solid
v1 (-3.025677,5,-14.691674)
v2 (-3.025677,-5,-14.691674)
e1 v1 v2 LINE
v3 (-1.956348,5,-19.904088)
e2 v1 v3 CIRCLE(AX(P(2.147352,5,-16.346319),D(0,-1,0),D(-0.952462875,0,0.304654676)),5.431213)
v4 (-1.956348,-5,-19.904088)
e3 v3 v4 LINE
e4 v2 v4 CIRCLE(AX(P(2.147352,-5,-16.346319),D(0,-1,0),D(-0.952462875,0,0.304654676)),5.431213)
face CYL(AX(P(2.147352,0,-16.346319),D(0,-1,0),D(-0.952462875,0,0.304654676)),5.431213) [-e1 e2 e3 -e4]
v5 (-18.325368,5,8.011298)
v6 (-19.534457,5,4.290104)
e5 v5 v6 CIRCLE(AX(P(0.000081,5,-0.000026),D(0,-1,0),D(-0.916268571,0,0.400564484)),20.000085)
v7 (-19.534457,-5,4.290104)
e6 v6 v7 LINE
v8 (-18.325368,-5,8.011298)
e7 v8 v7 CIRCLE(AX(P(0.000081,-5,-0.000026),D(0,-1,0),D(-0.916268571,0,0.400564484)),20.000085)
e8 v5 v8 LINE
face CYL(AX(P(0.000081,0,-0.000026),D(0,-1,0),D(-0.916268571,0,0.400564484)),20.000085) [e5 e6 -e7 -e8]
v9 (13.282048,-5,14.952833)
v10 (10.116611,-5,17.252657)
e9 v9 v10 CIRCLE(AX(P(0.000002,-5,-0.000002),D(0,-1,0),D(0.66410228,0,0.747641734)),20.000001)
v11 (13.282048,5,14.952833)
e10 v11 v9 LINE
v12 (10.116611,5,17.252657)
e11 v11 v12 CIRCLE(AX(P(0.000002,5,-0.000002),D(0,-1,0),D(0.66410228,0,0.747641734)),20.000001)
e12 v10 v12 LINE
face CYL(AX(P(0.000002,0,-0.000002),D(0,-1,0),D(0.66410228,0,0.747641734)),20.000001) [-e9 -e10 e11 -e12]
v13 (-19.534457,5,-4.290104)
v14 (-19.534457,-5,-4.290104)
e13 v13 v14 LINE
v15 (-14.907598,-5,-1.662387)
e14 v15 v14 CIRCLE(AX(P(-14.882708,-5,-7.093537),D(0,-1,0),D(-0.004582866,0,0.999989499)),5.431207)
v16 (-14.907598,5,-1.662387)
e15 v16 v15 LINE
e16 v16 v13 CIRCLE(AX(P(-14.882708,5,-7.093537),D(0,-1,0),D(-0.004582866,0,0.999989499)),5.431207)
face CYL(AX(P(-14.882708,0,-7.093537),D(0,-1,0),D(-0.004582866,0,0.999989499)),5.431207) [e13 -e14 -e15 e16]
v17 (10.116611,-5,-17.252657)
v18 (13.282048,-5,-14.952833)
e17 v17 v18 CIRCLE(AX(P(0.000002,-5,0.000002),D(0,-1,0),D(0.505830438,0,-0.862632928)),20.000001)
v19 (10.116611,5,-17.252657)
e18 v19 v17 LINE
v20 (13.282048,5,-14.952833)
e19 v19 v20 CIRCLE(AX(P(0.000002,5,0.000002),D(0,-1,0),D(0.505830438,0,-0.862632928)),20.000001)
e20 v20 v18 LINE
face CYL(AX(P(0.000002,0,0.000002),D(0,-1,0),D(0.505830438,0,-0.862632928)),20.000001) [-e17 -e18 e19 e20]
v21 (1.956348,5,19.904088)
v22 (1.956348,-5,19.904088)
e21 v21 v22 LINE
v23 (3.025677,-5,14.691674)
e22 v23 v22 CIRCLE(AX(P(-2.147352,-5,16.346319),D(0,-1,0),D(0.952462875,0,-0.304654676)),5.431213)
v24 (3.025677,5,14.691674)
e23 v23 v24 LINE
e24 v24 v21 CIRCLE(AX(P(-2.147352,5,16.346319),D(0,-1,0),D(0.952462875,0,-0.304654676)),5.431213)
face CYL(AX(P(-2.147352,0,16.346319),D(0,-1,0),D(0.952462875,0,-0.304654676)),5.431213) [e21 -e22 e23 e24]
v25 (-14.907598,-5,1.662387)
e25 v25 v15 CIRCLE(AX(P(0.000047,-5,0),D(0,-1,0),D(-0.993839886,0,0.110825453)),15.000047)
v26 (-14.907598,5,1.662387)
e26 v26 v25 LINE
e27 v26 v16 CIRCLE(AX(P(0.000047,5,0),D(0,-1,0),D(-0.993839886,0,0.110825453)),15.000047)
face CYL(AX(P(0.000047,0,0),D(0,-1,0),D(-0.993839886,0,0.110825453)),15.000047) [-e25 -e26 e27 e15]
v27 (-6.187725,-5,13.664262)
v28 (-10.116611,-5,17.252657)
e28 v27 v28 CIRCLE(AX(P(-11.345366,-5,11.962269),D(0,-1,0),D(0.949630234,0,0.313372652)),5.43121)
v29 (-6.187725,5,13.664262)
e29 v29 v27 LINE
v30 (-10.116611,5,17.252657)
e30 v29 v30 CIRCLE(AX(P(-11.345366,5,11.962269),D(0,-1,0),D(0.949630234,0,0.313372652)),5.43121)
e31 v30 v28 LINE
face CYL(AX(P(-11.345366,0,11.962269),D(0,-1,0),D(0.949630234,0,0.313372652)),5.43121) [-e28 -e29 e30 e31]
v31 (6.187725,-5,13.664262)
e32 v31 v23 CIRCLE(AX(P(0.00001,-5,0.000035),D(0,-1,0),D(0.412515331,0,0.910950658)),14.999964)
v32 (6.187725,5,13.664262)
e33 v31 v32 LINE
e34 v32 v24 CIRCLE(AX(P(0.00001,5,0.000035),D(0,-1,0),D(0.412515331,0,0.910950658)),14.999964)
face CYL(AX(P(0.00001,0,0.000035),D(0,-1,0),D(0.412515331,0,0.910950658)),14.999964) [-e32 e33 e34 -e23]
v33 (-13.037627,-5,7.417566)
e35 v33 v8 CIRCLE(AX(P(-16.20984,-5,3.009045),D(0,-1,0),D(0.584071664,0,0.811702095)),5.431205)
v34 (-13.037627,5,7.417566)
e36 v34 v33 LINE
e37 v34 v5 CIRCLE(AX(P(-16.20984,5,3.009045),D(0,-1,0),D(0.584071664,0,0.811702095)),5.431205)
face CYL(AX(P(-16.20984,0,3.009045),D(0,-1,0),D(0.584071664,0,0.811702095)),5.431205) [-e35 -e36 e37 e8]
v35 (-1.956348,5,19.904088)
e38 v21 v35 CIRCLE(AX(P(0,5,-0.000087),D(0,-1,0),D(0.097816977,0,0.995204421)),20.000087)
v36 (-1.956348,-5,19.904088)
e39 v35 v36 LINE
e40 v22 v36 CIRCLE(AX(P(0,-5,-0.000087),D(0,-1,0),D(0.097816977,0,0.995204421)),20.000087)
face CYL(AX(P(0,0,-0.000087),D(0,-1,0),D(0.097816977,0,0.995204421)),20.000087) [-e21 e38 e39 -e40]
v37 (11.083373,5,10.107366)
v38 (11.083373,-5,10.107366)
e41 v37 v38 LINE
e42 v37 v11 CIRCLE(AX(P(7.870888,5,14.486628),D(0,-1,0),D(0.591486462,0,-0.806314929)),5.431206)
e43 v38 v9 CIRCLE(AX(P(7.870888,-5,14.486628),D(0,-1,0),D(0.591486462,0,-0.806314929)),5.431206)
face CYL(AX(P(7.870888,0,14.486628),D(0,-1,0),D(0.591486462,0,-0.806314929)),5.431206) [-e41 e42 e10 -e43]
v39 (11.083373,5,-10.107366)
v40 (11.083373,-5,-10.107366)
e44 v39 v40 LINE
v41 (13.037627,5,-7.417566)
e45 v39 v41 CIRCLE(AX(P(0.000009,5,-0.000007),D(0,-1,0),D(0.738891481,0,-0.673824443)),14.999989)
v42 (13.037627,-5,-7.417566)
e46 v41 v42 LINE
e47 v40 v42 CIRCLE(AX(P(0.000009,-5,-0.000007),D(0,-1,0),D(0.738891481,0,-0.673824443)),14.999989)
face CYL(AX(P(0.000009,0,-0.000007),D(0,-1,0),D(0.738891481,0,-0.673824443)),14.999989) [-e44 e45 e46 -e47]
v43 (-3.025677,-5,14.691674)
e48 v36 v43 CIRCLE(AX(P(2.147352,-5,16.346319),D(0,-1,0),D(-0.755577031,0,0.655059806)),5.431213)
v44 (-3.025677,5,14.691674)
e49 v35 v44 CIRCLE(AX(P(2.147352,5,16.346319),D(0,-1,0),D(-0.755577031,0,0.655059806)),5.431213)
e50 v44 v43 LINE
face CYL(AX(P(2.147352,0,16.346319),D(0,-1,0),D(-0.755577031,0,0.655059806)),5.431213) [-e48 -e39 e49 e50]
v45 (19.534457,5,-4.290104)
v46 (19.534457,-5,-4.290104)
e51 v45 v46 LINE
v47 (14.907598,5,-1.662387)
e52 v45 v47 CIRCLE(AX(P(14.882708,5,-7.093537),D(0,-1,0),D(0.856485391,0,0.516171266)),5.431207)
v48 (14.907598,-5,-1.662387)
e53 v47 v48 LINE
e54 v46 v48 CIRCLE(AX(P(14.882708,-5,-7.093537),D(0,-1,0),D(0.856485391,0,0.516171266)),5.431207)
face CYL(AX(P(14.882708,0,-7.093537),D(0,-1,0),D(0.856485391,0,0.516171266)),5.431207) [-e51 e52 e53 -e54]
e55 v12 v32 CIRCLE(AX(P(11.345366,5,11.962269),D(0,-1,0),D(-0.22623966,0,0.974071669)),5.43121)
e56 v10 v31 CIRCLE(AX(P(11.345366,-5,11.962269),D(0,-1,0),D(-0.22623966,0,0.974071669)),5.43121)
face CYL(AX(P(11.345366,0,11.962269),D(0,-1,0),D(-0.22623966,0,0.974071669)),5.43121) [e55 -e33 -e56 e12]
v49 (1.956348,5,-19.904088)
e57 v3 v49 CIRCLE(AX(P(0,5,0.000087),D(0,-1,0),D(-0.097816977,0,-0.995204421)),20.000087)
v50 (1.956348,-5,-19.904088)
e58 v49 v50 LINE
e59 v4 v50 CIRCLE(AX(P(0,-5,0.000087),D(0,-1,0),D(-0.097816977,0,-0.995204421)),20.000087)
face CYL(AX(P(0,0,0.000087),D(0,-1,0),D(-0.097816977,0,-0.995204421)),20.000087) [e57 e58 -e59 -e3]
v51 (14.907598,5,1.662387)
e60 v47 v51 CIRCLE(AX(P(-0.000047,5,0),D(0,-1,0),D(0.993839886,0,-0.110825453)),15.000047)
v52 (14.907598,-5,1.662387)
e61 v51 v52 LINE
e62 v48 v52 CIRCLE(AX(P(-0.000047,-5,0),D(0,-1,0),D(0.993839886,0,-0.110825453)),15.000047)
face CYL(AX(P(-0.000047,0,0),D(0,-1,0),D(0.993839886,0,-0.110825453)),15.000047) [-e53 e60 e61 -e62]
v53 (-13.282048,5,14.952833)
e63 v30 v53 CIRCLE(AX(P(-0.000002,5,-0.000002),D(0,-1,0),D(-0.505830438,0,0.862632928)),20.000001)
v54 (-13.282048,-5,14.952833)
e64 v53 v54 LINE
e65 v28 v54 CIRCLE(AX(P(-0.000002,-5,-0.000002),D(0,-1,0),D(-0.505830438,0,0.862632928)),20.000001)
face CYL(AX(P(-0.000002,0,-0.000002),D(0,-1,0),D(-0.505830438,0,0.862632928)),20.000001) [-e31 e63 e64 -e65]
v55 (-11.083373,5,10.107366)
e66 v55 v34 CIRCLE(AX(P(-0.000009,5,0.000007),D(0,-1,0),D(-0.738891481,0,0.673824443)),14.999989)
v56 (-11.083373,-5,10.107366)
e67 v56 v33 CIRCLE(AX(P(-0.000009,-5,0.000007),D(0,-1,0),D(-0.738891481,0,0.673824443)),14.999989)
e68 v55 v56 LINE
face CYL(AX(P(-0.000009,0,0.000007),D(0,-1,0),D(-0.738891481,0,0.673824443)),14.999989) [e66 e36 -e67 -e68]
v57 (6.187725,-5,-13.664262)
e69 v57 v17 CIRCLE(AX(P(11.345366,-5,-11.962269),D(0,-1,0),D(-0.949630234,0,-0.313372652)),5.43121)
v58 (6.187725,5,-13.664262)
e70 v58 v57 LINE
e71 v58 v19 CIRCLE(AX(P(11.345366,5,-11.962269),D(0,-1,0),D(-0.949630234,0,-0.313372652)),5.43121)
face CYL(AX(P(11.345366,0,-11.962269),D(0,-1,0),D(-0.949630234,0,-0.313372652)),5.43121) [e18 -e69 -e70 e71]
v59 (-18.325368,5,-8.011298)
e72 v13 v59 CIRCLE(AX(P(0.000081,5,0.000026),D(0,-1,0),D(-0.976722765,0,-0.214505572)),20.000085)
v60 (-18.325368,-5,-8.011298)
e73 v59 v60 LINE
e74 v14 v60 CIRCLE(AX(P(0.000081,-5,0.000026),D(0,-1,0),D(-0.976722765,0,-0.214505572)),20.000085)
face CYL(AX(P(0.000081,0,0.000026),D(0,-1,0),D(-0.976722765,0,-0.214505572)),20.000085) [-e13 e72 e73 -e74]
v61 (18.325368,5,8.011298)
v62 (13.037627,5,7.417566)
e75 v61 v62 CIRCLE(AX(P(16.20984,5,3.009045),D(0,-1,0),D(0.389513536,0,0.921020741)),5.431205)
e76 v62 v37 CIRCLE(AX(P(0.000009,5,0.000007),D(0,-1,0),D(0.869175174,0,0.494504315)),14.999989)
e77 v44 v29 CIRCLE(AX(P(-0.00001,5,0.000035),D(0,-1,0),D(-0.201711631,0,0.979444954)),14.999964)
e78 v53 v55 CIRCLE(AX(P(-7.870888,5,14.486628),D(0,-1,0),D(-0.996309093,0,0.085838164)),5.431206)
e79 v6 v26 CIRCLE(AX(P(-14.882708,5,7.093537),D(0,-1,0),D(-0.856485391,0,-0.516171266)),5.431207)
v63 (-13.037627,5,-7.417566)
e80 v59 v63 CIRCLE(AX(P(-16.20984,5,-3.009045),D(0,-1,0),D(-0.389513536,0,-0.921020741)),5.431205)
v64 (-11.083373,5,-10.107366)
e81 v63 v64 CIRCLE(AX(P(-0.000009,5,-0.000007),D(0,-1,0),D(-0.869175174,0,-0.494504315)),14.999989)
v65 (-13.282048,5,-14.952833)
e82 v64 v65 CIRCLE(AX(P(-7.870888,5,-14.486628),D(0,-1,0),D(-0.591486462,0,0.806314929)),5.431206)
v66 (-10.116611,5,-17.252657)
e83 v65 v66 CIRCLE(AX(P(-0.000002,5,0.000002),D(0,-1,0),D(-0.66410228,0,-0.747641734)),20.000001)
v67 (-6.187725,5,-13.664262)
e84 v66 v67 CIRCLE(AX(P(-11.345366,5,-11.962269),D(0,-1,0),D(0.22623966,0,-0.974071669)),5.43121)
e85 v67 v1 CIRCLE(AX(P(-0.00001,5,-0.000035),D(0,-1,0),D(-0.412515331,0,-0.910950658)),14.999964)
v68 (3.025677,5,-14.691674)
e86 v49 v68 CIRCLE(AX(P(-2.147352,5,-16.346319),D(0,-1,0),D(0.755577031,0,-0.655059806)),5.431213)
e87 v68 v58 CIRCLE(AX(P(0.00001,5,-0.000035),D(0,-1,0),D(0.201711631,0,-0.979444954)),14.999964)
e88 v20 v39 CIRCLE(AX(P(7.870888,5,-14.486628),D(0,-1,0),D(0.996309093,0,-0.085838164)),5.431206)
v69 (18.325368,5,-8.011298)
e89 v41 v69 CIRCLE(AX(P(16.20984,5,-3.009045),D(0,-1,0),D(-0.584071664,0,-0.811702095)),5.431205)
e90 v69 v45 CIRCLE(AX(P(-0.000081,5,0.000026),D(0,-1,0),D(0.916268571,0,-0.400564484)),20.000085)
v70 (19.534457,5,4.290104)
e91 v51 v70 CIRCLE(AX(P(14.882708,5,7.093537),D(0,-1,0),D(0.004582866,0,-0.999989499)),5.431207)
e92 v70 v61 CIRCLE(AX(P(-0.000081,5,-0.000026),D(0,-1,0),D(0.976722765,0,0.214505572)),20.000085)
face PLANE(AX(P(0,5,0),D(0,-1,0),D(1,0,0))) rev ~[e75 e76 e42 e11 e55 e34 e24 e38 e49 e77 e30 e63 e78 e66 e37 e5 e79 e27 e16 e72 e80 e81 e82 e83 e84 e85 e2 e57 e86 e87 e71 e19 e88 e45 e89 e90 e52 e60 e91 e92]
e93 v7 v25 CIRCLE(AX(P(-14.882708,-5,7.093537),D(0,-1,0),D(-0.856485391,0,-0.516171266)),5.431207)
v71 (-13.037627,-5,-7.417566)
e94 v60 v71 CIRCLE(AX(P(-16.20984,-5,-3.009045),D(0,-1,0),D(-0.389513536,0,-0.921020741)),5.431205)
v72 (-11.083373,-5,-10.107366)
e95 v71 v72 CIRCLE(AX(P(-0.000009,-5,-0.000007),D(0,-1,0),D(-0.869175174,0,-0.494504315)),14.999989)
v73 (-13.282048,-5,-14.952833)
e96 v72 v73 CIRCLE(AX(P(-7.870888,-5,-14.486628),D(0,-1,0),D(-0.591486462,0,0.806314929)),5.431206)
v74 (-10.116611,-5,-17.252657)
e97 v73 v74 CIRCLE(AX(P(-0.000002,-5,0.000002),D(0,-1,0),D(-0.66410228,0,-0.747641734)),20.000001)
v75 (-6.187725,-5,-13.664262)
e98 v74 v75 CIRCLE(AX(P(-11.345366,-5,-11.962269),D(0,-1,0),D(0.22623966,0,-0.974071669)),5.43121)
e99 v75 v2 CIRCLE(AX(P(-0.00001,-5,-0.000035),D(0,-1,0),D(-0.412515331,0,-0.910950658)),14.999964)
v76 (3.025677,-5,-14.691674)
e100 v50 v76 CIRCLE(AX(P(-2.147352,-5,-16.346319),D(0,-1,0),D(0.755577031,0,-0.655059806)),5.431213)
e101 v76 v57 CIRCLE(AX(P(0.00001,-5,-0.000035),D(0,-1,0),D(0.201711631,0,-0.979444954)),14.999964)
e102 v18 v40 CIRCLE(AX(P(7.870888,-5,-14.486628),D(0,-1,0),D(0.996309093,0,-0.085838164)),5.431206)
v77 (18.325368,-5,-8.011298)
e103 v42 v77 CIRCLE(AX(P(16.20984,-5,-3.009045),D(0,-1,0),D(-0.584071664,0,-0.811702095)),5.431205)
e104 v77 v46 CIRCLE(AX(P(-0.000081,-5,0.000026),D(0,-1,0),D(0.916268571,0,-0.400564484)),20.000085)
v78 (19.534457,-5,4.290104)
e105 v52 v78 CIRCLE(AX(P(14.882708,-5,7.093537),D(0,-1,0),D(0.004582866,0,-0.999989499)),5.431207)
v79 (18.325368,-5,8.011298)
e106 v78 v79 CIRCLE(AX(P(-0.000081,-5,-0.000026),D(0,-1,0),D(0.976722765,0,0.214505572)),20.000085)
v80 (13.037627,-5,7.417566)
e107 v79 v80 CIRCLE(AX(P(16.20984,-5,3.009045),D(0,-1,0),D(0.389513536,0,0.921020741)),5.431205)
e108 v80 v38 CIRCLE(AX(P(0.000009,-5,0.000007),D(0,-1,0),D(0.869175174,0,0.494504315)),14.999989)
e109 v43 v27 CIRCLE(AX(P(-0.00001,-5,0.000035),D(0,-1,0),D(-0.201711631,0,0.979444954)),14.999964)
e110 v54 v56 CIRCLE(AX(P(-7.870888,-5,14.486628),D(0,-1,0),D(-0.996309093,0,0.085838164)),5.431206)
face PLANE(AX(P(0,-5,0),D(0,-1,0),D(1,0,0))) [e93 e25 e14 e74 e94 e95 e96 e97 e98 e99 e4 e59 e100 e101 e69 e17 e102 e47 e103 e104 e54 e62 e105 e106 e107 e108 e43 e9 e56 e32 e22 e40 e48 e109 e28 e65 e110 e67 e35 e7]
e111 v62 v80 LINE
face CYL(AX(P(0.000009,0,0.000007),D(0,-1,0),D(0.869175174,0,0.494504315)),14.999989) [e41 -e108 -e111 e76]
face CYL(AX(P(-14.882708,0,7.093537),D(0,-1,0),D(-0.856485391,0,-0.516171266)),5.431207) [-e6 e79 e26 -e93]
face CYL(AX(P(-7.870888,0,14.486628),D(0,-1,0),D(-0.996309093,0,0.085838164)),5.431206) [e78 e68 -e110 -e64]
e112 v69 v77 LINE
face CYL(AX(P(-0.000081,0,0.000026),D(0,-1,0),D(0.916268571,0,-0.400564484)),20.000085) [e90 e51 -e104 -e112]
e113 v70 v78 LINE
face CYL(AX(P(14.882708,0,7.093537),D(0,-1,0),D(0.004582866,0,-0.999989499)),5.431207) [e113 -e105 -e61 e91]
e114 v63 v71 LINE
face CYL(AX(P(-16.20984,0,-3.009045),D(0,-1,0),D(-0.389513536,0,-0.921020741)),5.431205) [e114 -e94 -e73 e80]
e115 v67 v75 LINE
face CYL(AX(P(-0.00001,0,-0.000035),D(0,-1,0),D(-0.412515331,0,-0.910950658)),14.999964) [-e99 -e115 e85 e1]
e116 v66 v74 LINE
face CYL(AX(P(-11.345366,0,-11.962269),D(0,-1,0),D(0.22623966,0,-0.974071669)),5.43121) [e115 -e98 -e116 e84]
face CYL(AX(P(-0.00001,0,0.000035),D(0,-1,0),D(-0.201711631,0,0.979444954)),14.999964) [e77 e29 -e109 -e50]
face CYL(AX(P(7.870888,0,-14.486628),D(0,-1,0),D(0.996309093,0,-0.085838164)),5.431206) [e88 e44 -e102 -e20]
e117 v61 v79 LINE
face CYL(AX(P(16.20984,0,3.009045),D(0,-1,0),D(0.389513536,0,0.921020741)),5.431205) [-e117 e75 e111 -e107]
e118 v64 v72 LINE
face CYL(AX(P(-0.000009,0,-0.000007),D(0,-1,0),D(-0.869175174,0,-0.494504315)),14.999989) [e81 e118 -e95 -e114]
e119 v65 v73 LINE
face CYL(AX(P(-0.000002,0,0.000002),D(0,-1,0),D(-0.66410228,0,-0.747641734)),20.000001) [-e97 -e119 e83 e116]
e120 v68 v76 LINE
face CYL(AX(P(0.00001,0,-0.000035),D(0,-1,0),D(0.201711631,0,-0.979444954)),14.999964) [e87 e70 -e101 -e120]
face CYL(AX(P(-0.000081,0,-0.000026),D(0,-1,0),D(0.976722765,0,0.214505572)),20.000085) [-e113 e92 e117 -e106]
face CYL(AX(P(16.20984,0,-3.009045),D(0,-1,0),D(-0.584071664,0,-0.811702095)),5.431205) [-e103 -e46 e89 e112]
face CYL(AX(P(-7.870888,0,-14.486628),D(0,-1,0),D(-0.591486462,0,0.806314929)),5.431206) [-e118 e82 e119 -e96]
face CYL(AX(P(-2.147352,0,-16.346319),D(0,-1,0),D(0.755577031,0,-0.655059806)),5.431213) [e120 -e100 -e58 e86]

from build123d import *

# Parameters (mm, degrees)
F1_DEPTH = 5


with BuildPart() as f1:
    # F0 (on Front) → F1 (new body, symmetric)
    with BuildSketch(Plane.XZ):
        with BuildLine():
            ThreePointArc((3.025677, 14.691674), (3.173056, 17.437802), (1.956348, 19.904088))
            ThreePointArc((1.956348, 19.904088), (0, 20), (-1.956348, 19.904088))
            ThreePointArc((-1.956348, 19.904088), (-3.173056, 17.437802), (-3.025677, 14.691674))
            ThreePointArc((-3.025677, 14.691674), (-4.635255, 14.265848), (-6.187725, 13.664262))
            ThreePointArc((-6.187725, 13.664262), (-7.682627, 15.972554), (-10.116611, 17.252657))
            ThreePointArc((-10.116611, 17.252657), (-11.755705, 16.18034), (-13.282048, 14.952833))
            ThreePointArc((-13.282048, 14.952833), (-12.81674, 12.242403), (-11.083373, 10.107366))
            ThreePointArc((-11.083373, 10.107366), (-12.135255, 8.816779), (-13.037627, 7.417566))
            ThreePointArc((-13.037627, 7.417566), (-15.603807, 8.406333), (-18.325368, 8.011298))
            ThreePointArc((-18.325368, 8.011298), (-19.02113, 6.18034), (-19.534457, 4.290104))
            ThreePointArc((-19.534457, 4.290104), (-17.564864, 2.370821), (-14.907598, 1.662387))
            ThreePointArc((-14.907598, 1.662387), (-15, 0), (-14.907598, -1.662387))
            ThreePointArc((-14.907598, -1.662387), (-17.564864, -2.370821), (-19.534457, -4.290104))
            ThreePointArc((-19.534457, -4.290104), (-19.02113, -6.18034), (-18.325368, -8.011298))
            ThreePointArc((-18.325368, -8.011298), (-15.603807, -8.406333), (-13.037627, -7.417566))
            ThreePointArc((-13.037627, -7.417566), (-12.135255, -8.816779), (-11.083373, -10.107366))
            ThreePointArc((-11.083373, -10.107366), (-12.81674, -12.242403), (-13.282048, -14.952833))
            ThreePointArc((-13.282048, -14.952833), (-11.755705, -16.18034), (-10.116611, -17.252657))
            ThreePointArc((-10.116611, -17.252657), (-7.682627, -15.972554), (-6.187725, -13.664262))
            ThreePointArc((-6.187725, -13.664262), (-4.635255, -14.265848), (-3.025677, -14.691674))
            ThreePointArc((-3.025677, -14.691674), (-3.173056, -17.437802), (-1.956348, -19.904088))
            ThreePointArc((-1.956348, -19.904088), (0, -20), (1.956348, -19.904088))
            ThreePointArc((1.956348, -19.904088), (3.173056, -17.437802), (3.025677, -14.691674))
            ThreePointArc((3.025677, -14.691674), (4.635255, -14.265848), (6.187725, -13.664262))
            ThreePointArc((6.187725, -13.664262), (7.682627, -15.972554), (10.116611, -17.252657))
            ThreePointArc((10.116611, -17.252657), (11.755705, -16.18034), (13.282048, -14.952833))
            ThreePointArc((13.282048, -14.952833), (12.81674, -12.242403), (11.083373, -10.107366))
            ThreePointArc((11.083373, -10.107366), (12.135255, -8.816779), (13.037627, -7.417566))
            ThreePointArc((13.037627, -7.417566), (15.603807, -8.406333), (18.325368, -8.011298))
            ThreePointArc((18.325368, -8.011298), (19.02113, -6.18034), (19.534457, -4.290104))
            ThreePointArc((19.534457, -4.290104), (17.564864, -2.370821), (14.907598, -1.662387))
            ThreePointArc((14.907598, -1.662387), (15, 0), (14.907598, 1.662387))
            ThreePointArc((14.907598, 1.662387), (17.564864, 2.370821), (19.534457, 4.290104))
            ThreePointArc((19.534457, 4.290104), (19.02113, 6.18034), (18.325368, 8.011298))
            ThreePointArc((18.325368, 8.011298), (15.603807, 8.406333), (13.037627, 7.417566))
            ThreePointArc((13.037627, 7.417566), (12.135255, 8.816779), (11.083373, 10.107366))
            ThreePointArc((11.083373, 10.107366), (12.81674, 12.242403), (13.282048, 14.952833))
            ThreePointArc((13.282048, 14.952833), (11.755705, 16.18034), (10.116611, 17.252657))
            ThreePointArc((10.116611, 17.252657), (7.682627, 15.972554), (6.187725, 13.664262))
            ThreePointArc((6.187725, 13.664262), (4.635255, 14.265848), (3.025677, 14.691674))
        make_face()
    extrude(amount=F1_DEPTH, both=True)


solid = f1.part
